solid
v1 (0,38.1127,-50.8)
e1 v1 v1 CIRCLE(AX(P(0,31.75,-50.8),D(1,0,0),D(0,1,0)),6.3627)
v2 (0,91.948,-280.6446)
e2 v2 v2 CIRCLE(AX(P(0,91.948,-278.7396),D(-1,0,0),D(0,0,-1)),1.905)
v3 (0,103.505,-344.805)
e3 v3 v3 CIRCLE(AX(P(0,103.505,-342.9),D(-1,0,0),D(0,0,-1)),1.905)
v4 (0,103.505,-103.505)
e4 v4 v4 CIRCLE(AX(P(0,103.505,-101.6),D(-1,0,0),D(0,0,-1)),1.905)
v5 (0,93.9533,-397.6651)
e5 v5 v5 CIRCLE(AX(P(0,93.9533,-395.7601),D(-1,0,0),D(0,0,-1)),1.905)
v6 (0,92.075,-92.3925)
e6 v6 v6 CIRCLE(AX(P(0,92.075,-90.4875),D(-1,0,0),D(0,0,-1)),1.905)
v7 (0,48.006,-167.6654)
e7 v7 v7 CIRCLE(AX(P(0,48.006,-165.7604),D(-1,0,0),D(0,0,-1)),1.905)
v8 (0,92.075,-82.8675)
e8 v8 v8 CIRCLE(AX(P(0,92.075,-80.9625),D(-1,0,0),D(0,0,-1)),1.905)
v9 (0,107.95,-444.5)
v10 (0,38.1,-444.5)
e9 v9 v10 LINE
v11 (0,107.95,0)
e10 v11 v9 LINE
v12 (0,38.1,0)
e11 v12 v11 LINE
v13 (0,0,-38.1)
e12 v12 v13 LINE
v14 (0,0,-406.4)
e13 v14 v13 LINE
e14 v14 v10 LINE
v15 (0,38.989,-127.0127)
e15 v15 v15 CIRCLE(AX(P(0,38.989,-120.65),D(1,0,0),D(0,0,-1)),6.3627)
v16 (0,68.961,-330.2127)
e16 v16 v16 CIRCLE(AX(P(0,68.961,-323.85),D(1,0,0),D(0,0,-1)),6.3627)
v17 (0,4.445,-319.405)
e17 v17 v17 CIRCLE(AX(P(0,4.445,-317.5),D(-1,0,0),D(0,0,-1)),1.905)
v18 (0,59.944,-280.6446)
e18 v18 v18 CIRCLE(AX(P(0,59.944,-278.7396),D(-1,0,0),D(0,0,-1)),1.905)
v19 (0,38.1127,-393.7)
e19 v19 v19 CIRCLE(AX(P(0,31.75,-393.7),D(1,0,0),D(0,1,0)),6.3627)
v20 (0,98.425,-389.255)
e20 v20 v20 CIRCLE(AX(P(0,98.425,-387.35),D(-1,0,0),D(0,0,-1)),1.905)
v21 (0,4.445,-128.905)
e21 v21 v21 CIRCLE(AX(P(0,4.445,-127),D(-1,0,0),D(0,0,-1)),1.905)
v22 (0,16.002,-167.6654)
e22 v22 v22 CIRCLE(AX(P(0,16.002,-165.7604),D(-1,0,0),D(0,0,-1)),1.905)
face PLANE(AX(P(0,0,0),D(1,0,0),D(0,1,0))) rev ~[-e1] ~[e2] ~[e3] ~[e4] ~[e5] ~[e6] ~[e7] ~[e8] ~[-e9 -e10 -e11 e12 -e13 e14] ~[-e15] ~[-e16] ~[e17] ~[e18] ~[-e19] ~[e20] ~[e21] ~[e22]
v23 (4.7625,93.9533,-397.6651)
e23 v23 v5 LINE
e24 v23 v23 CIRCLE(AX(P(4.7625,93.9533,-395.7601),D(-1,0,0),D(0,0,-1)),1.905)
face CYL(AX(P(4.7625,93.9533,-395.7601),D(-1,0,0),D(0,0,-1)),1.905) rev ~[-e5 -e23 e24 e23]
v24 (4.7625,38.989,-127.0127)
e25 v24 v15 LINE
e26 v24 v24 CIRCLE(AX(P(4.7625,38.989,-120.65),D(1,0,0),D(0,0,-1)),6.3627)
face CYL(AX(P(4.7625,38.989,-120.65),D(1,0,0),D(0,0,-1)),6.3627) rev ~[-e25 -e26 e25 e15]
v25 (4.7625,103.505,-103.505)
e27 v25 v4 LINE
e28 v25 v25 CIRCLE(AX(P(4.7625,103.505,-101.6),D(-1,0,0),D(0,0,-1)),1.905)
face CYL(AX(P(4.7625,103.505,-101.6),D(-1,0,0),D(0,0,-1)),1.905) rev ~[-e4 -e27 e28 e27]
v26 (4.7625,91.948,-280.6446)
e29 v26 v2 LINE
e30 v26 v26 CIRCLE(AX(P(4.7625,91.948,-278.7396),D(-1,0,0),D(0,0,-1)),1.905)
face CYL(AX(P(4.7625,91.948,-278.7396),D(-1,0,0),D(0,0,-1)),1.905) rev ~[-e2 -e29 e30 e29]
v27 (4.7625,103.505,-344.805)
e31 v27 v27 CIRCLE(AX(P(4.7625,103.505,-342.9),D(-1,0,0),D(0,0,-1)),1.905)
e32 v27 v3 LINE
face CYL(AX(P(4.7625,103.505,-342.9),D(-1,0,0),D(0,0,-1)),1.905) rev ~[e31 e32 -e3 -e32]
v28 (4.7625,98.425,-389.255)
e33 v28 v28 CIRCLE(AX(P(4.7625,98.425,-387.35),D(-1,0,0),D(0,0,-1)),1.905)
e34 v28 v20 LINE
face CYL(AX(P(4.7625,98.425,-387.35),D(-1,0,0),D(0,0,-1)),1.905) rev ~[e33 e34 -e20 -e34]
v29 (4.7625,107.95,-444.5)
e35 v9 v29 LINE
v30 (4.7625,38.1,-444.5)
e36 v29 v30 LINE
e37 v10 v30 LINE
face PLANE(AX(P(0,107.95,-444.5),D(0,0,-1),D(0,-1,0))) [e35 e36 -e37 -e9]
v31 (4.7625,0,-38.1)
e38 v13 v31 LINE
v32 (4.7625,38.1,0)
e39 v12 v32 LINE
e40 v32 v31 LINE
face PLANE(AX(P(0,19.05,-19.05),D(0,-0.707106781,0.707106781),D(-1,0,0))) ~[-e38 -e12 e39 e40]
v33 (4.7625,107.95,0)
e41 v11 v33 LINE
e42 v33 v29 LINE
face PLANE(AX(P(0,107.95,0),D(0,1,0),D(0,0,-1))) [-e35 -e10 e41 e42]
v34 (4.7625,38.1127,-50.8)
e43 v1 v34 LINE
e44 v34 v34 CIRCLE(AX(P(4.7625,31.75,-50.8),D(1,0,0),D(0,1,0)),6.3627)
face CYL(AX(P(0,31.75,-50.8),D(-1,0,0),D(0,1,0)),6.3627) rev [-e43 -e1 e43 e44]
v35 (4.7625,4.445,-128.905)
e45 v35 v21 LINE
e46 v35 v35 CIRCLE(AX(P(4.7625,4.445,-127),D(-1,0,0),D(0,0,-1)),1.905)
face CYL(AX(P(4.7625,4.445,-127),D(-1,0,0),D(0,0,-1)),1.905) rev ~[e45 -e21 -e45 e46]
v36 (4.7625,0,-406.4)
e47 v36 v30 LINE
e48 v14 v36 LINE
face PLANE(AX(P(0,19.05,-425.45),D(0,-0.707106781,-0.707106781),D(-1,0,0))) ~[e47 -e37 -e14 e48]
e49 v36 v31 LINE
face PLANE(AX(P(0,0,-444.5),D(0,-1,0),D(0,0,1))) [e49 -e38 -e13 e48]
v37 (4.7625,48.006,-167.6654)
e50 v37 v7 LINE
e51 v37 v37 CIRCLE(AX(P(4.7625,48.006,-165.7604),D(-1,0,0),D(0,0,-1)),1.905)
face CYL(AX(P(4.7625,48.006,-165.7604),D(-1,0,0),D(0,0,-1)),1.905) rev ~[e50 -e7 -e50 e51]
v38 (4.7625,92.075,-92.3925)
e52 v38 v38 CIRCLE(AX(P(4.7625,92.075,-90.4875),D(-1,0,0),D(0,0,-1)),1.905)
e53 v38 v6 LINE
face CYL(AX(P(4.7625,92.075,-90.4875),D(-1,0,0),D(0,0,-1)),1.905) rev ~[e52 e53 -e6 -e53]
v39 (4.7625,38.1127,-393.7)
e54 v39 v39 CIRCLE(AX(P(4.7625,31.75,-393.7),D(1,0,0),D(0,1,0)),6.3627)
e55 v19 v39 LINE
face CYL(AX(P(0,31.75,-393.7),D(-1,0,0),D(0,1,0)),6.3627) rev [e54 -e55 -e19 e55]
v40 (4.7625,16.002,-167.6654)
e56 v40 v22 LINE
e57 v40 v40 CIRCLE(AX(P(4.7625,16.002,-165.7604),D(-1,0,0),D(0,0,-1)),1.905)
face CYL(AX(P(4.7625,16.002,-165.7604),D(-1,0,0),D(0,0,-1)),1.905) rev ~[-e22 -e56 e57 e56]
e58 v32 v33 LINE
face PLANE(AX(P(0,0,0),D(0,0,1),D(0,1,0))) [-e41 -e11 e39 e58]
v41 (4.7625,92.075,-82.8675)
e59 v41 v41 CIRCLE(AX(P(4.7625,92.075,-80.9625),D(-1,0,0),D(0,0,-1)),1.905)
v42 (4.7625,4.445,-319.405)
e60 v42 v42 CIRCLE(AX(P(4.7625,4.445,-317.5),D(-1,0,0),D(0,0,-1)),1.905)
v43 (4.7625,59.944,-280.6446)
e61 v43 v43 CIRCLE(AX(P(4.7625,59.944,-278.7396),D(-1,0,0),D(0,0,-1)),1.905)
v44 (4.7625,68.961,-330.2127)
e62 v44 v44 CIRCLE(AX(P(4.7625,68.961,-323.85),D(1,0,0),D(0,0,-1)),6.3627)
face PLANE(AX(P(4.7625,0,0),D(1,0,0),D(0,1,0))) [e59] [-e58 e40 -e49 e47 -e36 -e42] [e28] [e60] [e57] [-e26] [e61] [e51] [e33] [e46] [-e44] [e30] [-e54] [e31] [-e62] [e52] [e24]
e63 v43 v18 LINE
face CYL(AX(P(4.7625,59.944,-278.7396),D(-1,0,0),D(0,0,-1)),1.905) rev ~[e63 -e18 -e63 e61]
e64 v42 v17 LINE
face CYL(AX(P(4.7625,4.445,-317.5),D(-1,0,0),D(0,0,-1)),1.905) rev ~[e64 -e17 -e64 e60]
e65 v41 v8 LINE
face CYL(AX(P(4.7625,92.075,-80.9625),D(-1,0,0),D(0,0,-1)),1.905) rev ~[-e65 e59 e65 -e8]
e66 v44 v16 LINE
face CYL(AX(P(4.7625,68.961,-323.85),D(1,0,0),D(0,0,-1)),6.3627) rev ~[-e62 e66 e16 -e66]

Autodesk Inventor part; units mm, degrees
ref_plane "YZ Plane" through (0, 0, 0) normal (1, 0, 0) x (0, 1, 0)
ref_plane "XZ Plane" through (0, 0, 0) normal (0, 1, 0) x (-1, 0, 0)
ref_plane "XY Plane" through (0, 0, 0) normal (0, 0, 1) x (1, 0, 0)
sketch "Sketch1" plane through (0, 0, 0) normal (1, 0, 0) x (0, 1, 0)
  line L0 (0, 0) -> (107.95, 0)
  line L1 (107.95, 0) -> (107.95, -444.5)
  line L2 (107.95, -444.5) -> (0, -444.5)
  line L3 (0, -444.5) -> (0, 0)
  circle A0 centre (31.75, -50.8) radius 6.3627
  circle A1 centre (31.75, -393.7) radius 6.3627
  circle A2 centre (92.6338, -165.5318) radius 1.5875
  circle A3 centre (76.6318, -165.5318) radius 1.5875
  circle A4 centre (15.3162, -278.9682) radius 1.5875
  circle A5 centre (31.3182, -278.9682) radius 1.5875
  dimension "d0" = 107.95
  dimension "d1" = 444.5
  dimension "d2" = 12.7254
  dimension "d3" = 31.75
  dimension "d4" = 50.8
  dimension "d5" = 50.8
  dimension "d22" = 165.5318
  dimension "d23" = 3.175
  dimension "d24" = 15.3162
  dimension "d25" = 3.175
  dimension "d26" = 16.002
  dimension "d27" = 165.5318
  dimension "d28" = 3.175
  dimension "d29" = 15.3162
  dimension "d30" = 165.5318
  dimension "d31" = 3.175
  dimension "d32" = 16.002
  dimension "d33" = 165.5318
extrude "Extrusion1" add sketch "Sketch1" along normal blind 4.7625 contours L0 L1 L2 L3 | A2 | A3 | A4 | A5
chamfer "Chamfer1" distance 38.1 angle 45 1 edges at (2.3813, 0, 0)
chamfer "Chamfer2" distance 38.1 angle 45 1 edges at (2.3813, 0, -444.5)
sketch "Sketch2" plane through (4.7625, 0, 0) normal (1, 0, 0) x (0, 0, -1)
  line L0 (444.5, 38.1) -> (406.4, 0) projected
  line L1 (444.5, 38.1) -> (444.5, 107.95) projected
  line L2 (444.5, 107.95) -> (0, 107.95) projected
  line L3 (0, 107.95) -> (0, 38.1) projected
  line L4 (38.1, 0) -> (0, 38.1) projected
  line L5 (38.1, 0) -> (406.4, 0) projected
  circle A0 centre (393.7, 31.75) radius 6.3627 projected
  circle A1 centre (50.8, 31.75) radius 6.3627 projected
  circle A2 centre (120.65, 38.989) radius 6.3627
  circle A3 centre (323.85, 68.961) radius 6.3627
  point P0 (0, 0)
  dimension "d14" = 12.7254
  dimension "d15" = 120.65
  dimension "d17" = 12.7254
  dimension "d19" = 120.65
  dimension "d78" = 38.989
  dimension "d79" = 38.989
extrude "Extrusion2" cut sketch "Sketch2" against normal blind 25.4 contours A2 | A3
sketch "Sketch6" plane through (4.7625, 0, 0) normal (1, 0, 0) x (0, 0, -1)
  circle A0 centre (120.65, 38.989) radius 6.3627 projected
  circle A1 centre (323.85, 68.961) radius 6.3627 projected
  line L0 (444.5, 38.1) -> (406.4, 0) projected
  line L1 (444.5, 38.1) -> (444.5, 107.95) projected
  line L2 (444.5, 107.95) -> (0, 107.95) projected
  line L3 (0, 107.95) -> (0, 38.1) projected
  line L4 (38.1, 0) -> (0, 38.1) projected
  line L5 (38.1, 0) -> (406.4, 0) projected
  circle A2 centre (393.7, 31.75) radius 6.3627 projected
  circle A3 centre (50.8, 31.75) radius 6.3627 projected
  point P0 (0, 0)
  point P1 (165.7604, 16.002)
  point P2 (165.7604, 48.006)
  point P3 (278.7396, 91.948)
  point P4 (278.7396, 59.944)
  dimension "d80" = 45.1104
  dimension "d81" = 45.1104
  dimension "d82" = 32.004
  dimension "d83" = 16.002
  dimension "d84" = 32.004
  dimension "d85" = 16.002
  dimension "d86" = 45.1104
  dimension "d87" = 45.1104
hole "Hole1" at (4.7625, 16.002, -165.7604) at (4.7625, 48.006, -165.7604) at (4.7625, 91.948, -278.7396) at (4.7625, 59.944, -278.7396) direction (-1, 0, 0) diameter 3.81 end through all
sketch "Sketch7" plane through (4.7625, 0, 0) normal (1, 0, 0) x (0, 0, -1)
  circle A0 centre (278.7396, 91.948) radius 1.905 projected
  circle A1 centre (165.7604, 16.002) radius 1.905 projected
  circle A2 centre (165.7604, 48.006) radius 1.905 projected
  circle A3 centre (278.7396, 59.944) radius 1.905 projected
  circle A4 centre (120.65, 38.989) radius 6.3627 projected
  circle A5 centre (323.85, 68.961) radius 6.3627 projected
  line L0 (444.5, 38.1) -> (406.4, 0) projected
  line L1 (444.5, 38.1) -> (444.5, 107.95) projected
  line L2 (444.5, 107.95) -> (0, 107.95) projected
  line L3 (0, 107.95) -> (0, 38.1) projected
  line L4 (38.1, 0) -> (0, 38.1) projected
  line L5 (38.1, 0) -> (406.4, 0) projected
  circle A6 centre (393.7, 31.75) radius 6.3627 projected
  circle A7 centre (50.8, 31.75) radius 6.3627 projected
  line L6 (395.7601, 93.9533) -> (387.35, 98.425)
  circle A8 centre (387.35, 98.425) radius 9.525
  point P0 (0, 0)
  point P1 (80.9625, 92.075)
  point P2 (90.4875, 92.075)
  dimension "d102" = 19.05
  dimension "d95" = 15.875
  dimension "d96" = 15.875
  dimension "d97" = 9.525
  dimension "d98" = 80.9625
  dimension "d99" = 9.525
  dimension "d100" = 57.15
  dimension "d101" = 28
hole "Hole2" at (4.7625, 92.075, -80.9625) at (4.7625, 92.075, -90.4875) at (4.7625, 98.425, -387.35) at (4.7625, 93.9533, -395.7601) direction (-1, 0, 0) diameter 3.81 depth 25.4 tip angle 118
sketch "Sketch8" plane through (4.7625, 0, 0) normal (1, 0, 0) x (0, 0, -1)
  circle A0 centre (387.35, 98.425) radius 1.905 projected
  circle A1 centre (80.9625, 92.075) radius 1.905 projected
  circle A2 centre (90.4875, 92.075) radius 1.905 projected
  circle A3 centre (395.7601, 93.9533) radius 1.905 projected
  circle A4 centre (278.7396, 91.948) radius 1.905 projected
  circle A5 centre (165.7604, 16.002) radius 1.905 projected
  circle A6 centre (165.7604, 48.006) radius 1.905 projected
  circle A7 centre (278.7396, 59.944) radius 1.905 projected
  circle A8 centre (120.65, 38.989) radius 6.3627 projected
  circle A9 centre (323.85, 68.961) radius 6.3627 projected
  line L0 (444.5, 38.1) -> (406.4, 0) projected
  line L1 (444.5, 38.1) -> (444.5, 107.95) projected
  line L2 (444.5, 107.95) -> (0, 107.95) projected
  line L3 (0, 107.95) -> (0, 38.1) projected
  line L4 (38.1, 0) -> (0, 38.1) projected
  line L5 (38.1, 0) -> (406.4, 0) projected
  circle A10 centre (393.7, 31.75) radius 6.3627 projected
  circle A11 centre (50.8, 31.75) radius 6.3627 projected
  point P0 (0, 0)
  point P1 (101.6, 103.505)
  point P2 (342.9, 103.505)
  point P3 (127, 4.445)
  point P4 (317.5, 4.445)
  dimension "d110" = 4.445
  dimension "d111" = 4.445
  dimension "d112" = 101.6
  dimension "d113" = 101.6
  dimension "d114" = 4.445
  dimension "d115" = 4.445
  dimension "d123" = 127
  dimension "d124" = 127
hole "Hole3" at (4.7625, 103.505, -101.6) at (4.7625, 103.505, -342.9) at (4.7625, 4.445, -127) at (4.7625, 4.445, -317.5) direction (-1, 0, 0) diameter 3.81 depth 25.4 tip angle 118
equation "\"d19\" = d15"
equation "\"d81\" = d80"
equation "\"d87\" = d86"
equation "\"d96\" = d95"
equation "\"d110\" = d111"
equation "\"d112\" = d113"
equation "\"d114\" = d111"
equation "\"d115\" = d111"
equation "\"d124\" = d123"
properties part number "DriveTrain3.0"
